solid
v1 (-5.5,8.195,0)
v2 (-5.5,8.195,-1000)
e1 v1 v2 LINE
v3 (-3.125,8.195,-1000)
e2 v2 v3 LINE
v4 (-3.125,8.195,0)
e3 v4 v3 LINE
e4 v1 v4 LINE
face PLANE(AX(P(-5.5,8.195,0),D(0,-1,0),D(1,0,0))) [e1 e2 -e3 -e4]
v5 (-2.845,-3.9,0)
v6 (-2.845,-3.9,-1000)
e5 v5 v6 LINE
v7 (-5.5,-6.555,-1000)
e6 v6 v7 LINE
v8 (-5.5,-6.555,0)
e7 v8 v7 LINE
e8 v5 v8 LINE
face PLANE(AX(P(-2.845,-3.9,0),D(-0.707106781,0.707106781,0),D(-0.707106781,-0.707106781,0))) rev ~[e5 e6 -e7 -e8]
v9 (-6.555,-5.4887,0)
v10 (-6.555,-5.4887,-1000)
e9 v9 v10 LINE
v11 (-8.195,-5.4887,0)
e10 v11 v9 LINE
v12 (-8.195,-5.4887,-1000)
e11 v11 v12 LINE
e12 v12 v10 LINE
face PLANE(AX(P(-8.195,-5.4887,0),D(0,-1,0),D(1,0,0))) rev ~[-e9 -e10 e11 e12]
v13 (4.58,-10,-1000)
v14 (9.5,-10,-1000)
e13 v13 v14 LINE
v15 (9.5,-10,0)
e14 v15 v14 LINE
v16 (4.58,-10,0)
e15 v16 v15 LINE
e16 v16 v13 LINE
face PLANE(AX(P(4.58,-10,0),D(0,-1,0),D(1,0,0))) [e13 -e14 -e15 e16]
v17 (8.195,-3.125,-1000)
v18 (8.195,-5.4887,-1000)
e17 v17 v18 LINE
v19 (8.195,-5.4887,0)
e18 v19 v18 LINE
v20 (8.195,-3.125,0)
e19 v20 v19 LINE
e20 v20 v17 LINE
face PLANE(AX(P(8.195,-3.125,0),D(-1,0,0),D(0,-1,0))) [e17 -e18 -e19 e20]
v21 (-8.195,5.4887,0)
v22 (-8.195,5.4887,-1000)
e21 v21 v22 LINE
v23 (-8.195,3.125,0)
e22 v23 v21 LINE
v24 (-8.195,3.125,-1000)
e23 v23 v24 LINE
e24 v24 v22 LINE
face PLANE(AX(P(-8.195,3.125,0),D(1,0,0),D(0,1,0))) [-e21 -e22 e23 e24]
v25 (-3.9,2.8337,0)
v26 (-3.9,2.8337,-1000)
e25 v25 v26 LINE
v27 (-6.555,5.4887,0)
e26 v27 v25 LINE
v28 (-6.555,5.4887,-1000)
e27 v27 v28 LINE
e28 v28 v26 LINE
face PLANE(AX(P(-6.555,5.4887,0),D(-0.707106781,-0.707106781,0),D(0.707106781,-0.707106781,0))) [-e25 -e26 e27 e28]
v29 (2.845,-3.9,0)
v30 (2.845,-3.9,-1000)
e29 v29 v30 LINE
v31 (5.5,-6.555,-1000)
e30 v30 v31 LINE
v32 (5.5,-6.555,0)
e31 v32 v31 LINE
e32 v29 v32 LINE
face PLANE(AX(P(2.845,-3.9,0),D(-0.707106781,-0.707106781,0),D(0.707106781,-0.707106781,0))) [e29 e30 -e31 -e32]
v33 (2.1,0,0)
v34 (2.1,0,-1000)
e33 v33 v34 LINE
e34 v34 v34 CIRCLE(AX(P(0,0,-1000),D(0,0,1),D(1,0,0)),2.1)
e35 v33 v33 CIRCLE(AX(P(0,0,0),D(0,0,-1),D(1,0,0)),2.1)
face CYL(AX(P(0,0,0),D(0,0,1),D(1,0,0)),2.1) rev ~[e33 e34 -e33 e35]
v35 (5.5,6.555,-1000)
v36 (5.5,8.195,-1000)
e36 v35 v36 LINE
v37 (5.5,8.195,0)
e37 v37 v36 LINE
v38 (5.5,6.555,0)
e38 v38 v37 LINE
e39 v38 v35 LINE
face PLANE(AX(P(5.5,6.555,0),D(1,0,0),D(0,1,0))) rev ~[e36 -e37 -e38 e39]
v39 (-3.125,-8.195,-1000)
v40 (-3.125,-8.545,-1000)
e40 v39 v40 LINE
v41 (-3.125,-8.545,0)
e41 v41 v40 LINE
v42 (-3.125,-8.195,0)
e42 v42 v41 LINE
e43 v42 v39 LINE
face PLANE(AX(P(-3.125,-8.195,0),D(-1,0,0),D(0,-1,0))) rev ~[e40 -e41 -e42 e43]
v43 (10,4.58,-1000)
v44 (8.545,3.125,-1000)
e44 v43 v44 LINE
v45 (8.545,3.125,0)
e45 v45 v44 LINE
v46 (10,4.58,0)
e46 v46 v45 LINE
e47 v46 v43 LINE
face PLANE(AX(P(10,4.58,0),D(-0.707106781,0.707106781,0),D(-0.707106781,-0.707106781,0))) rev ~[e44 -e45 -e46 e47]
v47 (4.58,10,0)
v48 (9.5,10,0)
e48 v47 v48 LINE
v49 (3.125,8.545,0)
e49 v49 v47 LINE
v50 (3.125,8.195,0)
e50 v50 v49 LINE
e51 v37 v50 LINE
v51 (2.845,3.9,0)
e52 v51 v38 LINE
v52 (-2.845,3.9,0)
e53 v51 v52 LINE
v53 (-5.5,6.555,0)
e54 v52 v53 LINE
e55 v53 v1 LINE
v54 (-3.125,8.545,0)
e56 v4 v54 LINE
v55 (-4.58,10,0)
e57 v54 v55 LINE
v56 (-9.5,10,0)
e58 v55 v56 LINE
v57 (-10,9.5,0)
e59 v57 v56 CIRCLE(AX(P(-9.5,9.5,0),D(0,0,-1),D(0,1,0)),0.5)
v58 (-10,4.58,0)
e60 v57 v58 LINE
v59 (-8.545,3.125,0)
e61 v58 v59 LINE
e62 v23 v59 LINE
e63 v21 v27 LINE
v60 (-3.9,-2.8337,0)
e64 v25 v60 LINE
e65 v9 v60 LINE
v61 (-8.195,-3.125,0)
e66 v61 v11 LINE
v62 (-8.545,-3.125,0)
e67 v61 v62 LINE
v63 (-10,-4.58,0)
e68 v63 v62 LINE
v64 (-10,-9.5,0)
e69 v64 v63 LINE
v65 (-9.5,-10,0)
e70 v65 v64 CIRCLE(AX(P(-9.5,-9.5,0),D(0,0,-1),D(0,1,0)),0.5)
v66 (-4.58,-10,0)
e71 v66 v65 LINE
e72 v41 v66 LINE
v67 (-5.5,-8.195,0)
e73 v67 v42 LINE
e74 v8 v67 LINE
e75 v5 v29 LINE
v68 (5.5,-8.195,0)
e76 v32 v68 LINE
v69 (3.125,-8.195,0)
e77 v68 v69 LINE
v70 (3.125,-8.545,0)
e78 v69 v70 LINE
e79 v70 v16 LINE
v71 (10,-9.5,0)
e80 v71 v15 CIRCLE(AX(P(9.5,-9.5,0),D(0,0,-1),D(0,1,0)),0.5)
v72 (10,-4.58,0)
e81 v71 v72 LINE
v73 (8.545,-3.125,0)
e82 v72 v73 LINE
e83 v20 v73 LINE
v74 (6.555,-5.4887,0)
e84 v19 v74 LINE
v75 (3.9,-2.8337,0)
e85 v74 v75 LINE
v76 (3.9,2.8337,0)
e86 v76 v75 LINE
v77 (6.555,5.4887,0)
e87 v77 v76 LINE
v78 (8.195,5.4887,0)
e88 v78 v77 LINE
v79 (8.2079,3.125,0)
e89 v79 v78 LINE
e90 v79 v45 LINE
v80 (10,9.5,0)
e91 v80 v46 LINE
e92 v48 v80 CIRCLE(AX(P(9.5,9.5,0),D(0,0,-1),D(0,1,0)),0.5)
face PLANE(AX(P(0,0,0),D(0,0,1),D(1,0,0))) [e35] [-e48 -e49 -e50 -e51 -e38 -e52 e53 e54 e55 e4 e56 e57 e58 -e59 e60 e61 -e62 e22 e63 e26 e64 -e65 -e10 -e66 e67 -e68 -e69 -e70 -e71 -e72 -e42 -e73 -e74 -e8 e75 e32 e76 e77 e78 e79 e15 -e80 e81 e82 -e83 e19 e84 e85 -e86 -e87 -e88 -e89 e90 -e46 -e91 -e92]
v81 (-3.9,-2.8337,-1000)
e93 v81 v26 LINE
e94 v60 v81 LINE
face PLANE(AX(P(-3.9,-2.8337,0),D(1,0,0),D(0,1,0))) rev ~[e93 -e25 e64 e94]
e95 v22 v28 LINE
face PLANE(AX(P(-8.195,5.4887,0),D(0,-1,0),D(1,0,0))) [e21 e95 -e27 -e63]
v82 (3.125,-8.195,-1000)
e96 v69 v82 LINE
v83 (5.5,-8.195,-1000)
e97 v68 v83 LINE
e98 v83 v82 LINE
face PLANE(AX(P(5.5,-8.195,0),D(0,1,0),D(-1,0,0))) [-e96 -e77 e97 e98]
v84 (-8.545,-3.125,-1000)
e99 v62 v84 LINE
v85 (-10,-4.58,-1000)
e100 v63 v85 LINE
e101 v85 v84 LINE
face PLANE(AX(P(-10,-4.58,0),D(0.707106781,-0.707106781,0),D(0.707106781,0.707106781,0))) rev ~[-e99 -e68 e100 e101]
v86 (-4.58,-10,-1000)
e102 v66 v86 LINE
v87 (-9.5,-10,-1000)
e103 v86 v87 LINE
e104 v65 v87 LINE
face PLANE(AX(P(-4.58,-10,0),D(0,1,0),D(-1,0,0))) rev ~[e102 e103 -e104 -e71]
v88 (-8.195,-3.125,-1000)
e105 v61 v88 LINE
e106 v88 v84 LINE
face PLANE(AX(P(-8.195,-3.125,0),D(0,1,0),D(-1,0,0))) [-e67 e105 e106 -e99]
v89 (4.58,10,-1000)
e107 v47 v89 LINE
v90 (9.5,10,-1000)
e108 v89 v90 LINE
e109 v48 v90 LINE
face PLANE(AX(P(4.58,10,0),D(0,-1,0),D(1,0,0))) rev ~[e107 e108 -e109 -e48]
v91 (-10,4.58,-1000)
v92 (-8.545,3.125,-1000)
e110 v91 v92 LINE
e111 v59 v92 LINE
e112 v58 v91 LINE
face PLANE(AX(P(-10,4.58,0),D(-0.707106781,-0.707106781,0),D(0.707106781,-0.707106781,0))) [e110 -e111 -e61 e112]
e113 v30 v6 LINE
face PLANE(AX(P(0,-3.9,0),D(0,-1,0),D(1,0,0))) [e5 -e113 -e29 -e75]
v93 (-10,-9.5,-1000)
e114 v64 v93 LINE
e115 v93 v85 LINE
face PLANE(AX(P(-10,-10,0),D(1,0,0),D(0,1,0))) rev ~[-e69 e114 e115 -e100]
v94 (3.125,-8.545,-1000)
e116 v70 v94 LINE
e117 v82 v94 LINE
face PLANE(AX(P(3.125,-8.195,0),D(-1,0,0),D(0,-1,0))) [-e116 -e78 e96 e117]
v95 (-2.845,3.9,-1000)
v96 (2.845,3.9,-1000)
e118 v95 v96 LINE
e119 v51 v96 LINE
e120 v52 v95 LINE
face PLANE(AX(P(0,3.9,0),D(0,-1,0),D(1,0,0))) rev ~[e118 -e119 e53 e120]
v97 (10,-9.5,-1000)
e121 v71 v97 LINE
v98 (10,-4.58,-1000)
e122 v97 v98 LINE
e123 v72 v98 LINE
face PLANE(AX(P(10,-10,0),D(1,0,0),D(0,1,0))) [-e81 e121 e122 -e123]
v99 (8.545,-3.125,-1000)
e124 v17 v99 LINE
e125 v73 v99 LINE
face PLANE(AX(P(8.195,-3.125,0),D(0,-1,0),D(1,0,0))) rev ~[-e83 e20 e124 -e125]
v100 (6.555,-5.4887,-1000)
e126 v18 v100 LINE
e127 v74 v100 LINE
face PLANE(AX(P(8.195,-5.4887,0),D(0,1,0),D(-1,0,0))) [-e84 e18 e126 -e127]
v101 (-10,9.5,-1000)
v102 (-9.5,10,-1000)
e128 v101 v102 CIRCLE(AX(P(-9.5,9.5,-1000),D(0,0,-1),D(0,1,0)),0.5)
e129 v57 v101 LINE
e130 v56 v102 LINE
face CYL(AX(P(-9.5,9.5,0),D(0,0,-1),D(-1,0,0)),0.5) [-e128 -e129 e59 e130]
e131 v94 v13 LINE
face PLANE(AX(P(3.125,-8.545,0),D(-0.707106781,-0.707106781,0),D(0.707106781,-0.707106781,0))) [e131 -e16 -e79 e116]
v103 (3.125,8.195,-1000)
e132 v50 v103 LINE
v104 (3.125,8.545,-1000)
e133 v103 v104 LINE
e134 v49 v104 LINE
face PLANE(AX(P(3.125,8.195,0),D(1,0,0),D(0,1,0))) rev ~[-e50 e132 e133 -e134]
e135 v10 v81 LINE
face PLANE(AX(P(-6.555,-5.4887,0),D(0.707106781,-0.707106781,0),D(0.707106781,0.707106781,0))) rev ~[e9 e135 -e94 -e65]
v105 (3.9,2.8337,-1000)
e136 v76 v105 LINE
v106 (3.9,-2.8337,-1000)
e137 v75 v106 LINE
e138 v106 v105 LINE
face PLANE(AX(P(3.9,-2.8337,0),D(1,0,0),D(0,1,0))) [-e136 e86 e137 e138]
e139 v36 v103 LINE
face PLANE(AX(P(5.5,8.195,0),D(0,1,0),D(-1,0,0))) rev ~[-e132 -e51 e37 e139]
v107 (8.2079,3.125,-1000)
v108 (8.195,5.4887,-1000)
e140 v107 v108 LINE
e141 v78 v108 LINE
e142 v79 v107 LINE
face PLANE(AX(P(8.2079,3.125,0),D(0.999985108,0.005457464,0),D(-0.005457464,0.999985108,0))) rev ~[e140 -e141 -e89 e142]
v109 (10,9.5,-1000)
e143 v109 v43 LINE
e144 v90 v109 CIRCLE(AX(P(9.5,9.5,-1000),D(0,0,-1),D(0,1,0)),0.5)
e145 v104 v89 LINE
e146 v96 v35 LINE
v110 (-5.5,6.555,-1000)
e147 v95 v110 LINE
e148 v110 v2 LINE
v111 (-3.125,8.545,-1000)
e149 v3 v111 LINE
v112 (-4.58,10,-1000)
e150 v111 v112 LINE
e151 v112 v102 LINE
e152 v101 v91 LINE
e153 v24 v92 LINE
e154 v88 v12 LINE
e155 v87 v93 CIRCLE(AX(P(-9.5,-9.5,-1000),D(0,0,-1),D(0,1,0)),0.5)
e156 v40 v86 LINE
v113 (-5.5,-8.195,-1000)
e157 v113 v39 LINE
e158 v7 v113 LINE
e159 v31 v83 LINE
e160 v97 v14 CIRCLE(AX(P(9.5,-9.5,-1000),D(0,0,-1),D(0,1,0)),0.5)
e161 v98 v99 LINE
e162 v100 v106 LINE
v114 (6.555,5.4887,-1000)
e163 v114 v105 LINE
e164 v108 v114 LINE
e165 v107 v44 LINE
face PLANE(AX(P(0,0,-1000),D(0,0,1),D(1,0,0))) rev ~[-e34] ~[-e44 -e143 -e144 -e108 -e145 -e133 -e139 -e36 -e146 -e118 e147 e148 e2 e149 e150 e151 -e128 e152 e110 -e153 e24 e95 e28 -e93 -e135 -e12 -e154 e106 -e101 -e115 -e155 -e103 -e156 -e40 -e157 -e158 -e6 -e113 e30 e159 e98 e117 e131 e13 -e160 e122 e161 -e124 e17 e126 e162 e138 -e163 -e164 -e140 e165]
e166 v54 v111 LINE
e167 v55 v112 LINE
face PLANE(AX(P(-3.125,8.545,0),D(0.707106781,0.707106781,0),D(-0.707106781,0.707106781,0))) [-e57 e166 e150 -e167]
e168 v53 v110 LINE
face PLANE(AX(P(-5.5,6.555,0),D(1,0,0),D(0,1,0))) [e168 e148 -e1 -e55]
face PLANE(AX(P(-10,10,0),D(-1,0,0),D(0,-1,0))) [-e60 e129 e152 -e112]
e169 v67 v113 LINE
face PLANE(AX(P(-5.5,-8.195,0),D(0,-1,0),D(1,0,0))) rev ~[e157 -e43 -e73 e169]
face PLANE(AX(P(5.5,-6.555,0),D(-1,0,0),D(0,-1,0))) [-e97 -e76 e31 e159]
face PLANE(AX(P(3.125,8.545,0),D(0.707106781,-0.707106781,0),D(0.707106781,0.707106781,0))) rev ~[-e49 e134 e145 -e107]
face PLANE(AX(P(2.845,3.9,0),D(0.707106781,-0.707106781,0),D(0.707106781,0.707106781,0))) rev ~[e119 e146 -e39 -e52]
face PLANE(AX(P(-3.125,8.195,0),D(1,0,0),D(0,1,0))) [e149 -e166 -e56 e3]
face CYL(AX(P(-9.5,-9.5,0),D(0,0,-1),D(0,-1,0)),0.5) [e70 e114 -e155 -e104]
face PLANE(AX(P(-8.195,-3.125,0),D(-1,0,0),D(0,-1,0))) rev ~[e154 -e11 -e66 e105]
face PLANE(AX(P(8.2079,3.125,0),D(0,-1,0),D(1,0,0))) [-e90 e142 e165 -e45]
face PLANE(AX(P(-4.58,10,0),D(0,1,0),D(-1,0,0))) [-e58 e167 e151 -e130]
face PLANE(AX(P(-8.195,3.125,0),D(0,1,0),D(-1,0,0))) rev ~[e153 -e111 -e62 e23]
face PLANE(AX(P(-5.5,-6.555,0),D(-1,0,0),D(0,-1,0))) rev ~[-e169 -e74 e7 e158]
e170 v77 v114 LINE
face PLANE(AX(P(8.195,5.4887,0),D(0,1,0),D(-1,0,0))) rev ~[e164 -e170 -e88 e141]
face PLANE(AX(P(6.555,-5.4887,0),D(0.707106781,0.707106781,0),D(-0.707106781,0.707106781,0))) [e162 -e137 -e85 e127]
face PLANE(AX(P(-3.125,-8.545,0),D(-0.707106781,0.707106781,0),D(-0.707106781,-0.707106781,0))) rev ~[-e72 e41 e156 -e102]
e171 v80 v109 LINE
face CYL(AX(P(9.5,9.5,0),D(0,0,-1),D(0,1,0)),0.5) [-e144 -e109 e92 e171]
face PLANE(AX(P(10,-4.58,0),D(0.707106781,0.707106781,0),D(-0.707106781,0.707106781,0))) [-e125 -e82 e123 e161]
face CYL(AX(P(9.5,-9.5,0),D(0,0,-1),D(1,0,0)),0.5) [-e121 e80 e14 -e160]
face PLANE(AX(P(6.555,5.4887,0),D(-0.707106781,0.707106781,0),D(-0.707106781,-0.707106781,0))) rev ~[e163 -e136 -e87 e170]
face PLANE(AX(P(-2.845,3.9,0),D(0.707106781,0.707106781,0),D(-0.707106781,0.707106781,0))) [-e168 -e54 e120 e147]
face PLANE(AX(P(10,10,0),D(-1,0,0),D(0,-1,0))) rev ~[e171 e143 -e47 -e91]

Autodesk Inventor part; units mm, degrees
ref_plane "YZ Plane" through (0, 0, 0) normal (1, 0, 0) x (0, 1, 0)
ref_plane "XZ Plane" through (0, 0, 0) normal (0, 1, 0) x (-1, 0, 0)
ref_plane "XY Plane" through (0, 0, 0) normal (0, 0, 1) x (1, 0, 0)
sketch "Boceto1" plane through (0, 0, 0) normal (0, 0, 1) x (1, 0, 0)
  circle A0 centre (0, 0) radius 2.1
  line L0 (-12, 0) -> (12, 0)
  line L1 (0, 12) -> (0, -12)
  line L2 (0, 3.9) -> (-2.845, 3.9)
  line L3 (-2.845, 3.9) -> (-5.5, 6.555)
  line L4 (-5.5, 6.555) -> (-5.5, 8.195)
  line L5 (-5.5, 8.195) -> (-3.125, 8.195)
  line L6 (-3.125, 8.545) -> (-4.58, 10)
  line L7 (-4.58, 10) -> (-10, 10)
  line L8 (-10, 10) -> (-10, 4.58)
  line L9 (-10, 4.58) -> (-8.545, 3.125)
  line L10 (-8.195, 3.125) -> (-8.195, 5.4887)
  line L11 (-8.195, 5.4887) -> (-6.555, 5.4887)
  line L12 (-6.555, 5.4887) -> (-3.9, 2.8337)
  line L13 (-3.9, 2.8337) -> (-3.9, 0)
  line L14 (0, 3.9) -> (2.845, 3.9)
  line L15 (2.845, 3.9) -> (5.5, 6.555)
  line L16 (5.5, 6.555) -> (5.5, 8.195)
  line L17 (5.5, 8.195) -> (3.125, 8.195)
  line L18 (3.125, 8.545) -> (4.58, 10)
  line L19 (4.58, 10) -> (10, 10)
  line L20 (10, 10) -> (10, 4.58)
  line L21 (10, 4.58) -> (8.545, 3.125)
  line L22 (8.2079, 3.125) -> (8.195, 5.4887)
  line L23 (8.195, 5.4887) -> (6.555, 5.4887)
  line L24 (6.555, 5.4887) -> (3.9, 2.8337)
  line L25 (3.9, 2.8337) -> (3.9, 0)
  line L26 (0, -3.9) -> (-2.845, -3.9)
  line L27 (-2.845, -3.9) -> (-5.5, -6.555)
  line L28 (-5.5, -6.555) -> (-5.5, -8.195)
  line L29 (-5.5, -8.195) -> (-3.125, -8.195)
  line L30 (-3.125, -8.545) -> (-4.58, -10)
  line L31 (-4.58, -10) -> (-10, -10)
  line L32 (-10, -10) -> (-10, -4.58)
  line L33 (-10, -4.58) -> (-8.545, -3.125)
  line L34 (-8.195, -3.125) -> (-8.195, -5.4887)
  line L35 (-8.195, -5.4887) -> (-6.555, -5.4887)
  line L36 (-6.555, -5.4887) -> (-3.9, -2.8337)
  line L37 (-3.9, -2.8337) -> (-3.9, 0)
  line L38 (10, -10) -> (10, -4.58)
  line L39 (4.58, -10) -> (10, -10)
  line L40 (3.125, -8.545) -> (4.58, -10)
  line L41 (5.5, -8.195) -> (3.125, -8.195)
  line L42 (5.5, -6.555) -> (5.5, -8.195)
  line L43 (2.845, -3.9) -> (5.5, -6.555)
  line L44 (0, -3.9) -> (2.845, -3.9)
  line L45 (3.9, -2.8337) -> (3.9, 0)
  line L46 (6.555, -5.4887) -> (3.9, -2.8337)
  line L47 (8.195, -5.4887) -> (6.555, -5.4887)
  line L48 (8.195, -3.125) -> (8.195, -5.4887)
  line L49 (10, -4.58) -> (8.545, -3.125)
  line L50 (-3.125, 8.195) -> (-3.125, 8.545)
  line L51 (-8.195, 3.125) -> (-8.545, 3.125)
  line L52 (3.125, 8.195) -> (3.125, 8.545)
  line L53 (8.195, 3.125) -> (8.545, 3.125)
  line L54 (-3.125, -8.195) -> (-3.125, -8.545)
  line L55 (-8.195, -3.125) -> (-8.545, -3.125)
  line L56 (3.125, -8.195) -> (3.125, -8.545)
  line L57 (8.195, -3.125) -> (8.545, -3.125)
  dimension "d0" = 4.2
  dimension "d1" = 24
  dimension "d2" = 24
  dimension "d3" = 90
  dimension "d5" = 20
  dimension "d11" = 90
  dimension "d18" = 20
  dimension "d29" = 1.5
  dimension "d30" = 1.64
  dimension "d37" = 1.64
  dimension "d42" = 7.8
  dimension "d44" = 11
  dimension "d45" = 9.16
  dimension "d46" = 9.16
  dimension "d47" = 6.25
  dimension "d48" = 6.25
  dimension "d49" = 0.35
  dimension "d51" = 7.8
  dimension "d52" = 0.35
  dimension "d53" = 1.8
extrude "Extrusión1" add sketch "Boceto1" against normal blind 1000 contours L0 L45 L46 L47 L48 L57 L49 L38 L39 L40 L56 L41 L42 L43 L44 L1 A0 | A0 L1 L14 L15 L16 L17 L52 L18 L19 L20 L21 L53 L22 L23 L24 L25 L0 | A0 L0 L13 L12 L11 L10 L51 L9 L8 L7 L6 L50 L5 L4 L3 L2 L1 | L1 L26 L27 L28 L29 L54 L30 L31 L32 L33 L55 L34 L35 L36 L37 L0 A0
fillet "Empalme1" radius 0.5 4 edges at (10, 10, -500) (-10, 10, -500) (10, -10, -500) (-10, -10, -500)
properties part number "Perfil20201meter" material "Aluminio 6061"
